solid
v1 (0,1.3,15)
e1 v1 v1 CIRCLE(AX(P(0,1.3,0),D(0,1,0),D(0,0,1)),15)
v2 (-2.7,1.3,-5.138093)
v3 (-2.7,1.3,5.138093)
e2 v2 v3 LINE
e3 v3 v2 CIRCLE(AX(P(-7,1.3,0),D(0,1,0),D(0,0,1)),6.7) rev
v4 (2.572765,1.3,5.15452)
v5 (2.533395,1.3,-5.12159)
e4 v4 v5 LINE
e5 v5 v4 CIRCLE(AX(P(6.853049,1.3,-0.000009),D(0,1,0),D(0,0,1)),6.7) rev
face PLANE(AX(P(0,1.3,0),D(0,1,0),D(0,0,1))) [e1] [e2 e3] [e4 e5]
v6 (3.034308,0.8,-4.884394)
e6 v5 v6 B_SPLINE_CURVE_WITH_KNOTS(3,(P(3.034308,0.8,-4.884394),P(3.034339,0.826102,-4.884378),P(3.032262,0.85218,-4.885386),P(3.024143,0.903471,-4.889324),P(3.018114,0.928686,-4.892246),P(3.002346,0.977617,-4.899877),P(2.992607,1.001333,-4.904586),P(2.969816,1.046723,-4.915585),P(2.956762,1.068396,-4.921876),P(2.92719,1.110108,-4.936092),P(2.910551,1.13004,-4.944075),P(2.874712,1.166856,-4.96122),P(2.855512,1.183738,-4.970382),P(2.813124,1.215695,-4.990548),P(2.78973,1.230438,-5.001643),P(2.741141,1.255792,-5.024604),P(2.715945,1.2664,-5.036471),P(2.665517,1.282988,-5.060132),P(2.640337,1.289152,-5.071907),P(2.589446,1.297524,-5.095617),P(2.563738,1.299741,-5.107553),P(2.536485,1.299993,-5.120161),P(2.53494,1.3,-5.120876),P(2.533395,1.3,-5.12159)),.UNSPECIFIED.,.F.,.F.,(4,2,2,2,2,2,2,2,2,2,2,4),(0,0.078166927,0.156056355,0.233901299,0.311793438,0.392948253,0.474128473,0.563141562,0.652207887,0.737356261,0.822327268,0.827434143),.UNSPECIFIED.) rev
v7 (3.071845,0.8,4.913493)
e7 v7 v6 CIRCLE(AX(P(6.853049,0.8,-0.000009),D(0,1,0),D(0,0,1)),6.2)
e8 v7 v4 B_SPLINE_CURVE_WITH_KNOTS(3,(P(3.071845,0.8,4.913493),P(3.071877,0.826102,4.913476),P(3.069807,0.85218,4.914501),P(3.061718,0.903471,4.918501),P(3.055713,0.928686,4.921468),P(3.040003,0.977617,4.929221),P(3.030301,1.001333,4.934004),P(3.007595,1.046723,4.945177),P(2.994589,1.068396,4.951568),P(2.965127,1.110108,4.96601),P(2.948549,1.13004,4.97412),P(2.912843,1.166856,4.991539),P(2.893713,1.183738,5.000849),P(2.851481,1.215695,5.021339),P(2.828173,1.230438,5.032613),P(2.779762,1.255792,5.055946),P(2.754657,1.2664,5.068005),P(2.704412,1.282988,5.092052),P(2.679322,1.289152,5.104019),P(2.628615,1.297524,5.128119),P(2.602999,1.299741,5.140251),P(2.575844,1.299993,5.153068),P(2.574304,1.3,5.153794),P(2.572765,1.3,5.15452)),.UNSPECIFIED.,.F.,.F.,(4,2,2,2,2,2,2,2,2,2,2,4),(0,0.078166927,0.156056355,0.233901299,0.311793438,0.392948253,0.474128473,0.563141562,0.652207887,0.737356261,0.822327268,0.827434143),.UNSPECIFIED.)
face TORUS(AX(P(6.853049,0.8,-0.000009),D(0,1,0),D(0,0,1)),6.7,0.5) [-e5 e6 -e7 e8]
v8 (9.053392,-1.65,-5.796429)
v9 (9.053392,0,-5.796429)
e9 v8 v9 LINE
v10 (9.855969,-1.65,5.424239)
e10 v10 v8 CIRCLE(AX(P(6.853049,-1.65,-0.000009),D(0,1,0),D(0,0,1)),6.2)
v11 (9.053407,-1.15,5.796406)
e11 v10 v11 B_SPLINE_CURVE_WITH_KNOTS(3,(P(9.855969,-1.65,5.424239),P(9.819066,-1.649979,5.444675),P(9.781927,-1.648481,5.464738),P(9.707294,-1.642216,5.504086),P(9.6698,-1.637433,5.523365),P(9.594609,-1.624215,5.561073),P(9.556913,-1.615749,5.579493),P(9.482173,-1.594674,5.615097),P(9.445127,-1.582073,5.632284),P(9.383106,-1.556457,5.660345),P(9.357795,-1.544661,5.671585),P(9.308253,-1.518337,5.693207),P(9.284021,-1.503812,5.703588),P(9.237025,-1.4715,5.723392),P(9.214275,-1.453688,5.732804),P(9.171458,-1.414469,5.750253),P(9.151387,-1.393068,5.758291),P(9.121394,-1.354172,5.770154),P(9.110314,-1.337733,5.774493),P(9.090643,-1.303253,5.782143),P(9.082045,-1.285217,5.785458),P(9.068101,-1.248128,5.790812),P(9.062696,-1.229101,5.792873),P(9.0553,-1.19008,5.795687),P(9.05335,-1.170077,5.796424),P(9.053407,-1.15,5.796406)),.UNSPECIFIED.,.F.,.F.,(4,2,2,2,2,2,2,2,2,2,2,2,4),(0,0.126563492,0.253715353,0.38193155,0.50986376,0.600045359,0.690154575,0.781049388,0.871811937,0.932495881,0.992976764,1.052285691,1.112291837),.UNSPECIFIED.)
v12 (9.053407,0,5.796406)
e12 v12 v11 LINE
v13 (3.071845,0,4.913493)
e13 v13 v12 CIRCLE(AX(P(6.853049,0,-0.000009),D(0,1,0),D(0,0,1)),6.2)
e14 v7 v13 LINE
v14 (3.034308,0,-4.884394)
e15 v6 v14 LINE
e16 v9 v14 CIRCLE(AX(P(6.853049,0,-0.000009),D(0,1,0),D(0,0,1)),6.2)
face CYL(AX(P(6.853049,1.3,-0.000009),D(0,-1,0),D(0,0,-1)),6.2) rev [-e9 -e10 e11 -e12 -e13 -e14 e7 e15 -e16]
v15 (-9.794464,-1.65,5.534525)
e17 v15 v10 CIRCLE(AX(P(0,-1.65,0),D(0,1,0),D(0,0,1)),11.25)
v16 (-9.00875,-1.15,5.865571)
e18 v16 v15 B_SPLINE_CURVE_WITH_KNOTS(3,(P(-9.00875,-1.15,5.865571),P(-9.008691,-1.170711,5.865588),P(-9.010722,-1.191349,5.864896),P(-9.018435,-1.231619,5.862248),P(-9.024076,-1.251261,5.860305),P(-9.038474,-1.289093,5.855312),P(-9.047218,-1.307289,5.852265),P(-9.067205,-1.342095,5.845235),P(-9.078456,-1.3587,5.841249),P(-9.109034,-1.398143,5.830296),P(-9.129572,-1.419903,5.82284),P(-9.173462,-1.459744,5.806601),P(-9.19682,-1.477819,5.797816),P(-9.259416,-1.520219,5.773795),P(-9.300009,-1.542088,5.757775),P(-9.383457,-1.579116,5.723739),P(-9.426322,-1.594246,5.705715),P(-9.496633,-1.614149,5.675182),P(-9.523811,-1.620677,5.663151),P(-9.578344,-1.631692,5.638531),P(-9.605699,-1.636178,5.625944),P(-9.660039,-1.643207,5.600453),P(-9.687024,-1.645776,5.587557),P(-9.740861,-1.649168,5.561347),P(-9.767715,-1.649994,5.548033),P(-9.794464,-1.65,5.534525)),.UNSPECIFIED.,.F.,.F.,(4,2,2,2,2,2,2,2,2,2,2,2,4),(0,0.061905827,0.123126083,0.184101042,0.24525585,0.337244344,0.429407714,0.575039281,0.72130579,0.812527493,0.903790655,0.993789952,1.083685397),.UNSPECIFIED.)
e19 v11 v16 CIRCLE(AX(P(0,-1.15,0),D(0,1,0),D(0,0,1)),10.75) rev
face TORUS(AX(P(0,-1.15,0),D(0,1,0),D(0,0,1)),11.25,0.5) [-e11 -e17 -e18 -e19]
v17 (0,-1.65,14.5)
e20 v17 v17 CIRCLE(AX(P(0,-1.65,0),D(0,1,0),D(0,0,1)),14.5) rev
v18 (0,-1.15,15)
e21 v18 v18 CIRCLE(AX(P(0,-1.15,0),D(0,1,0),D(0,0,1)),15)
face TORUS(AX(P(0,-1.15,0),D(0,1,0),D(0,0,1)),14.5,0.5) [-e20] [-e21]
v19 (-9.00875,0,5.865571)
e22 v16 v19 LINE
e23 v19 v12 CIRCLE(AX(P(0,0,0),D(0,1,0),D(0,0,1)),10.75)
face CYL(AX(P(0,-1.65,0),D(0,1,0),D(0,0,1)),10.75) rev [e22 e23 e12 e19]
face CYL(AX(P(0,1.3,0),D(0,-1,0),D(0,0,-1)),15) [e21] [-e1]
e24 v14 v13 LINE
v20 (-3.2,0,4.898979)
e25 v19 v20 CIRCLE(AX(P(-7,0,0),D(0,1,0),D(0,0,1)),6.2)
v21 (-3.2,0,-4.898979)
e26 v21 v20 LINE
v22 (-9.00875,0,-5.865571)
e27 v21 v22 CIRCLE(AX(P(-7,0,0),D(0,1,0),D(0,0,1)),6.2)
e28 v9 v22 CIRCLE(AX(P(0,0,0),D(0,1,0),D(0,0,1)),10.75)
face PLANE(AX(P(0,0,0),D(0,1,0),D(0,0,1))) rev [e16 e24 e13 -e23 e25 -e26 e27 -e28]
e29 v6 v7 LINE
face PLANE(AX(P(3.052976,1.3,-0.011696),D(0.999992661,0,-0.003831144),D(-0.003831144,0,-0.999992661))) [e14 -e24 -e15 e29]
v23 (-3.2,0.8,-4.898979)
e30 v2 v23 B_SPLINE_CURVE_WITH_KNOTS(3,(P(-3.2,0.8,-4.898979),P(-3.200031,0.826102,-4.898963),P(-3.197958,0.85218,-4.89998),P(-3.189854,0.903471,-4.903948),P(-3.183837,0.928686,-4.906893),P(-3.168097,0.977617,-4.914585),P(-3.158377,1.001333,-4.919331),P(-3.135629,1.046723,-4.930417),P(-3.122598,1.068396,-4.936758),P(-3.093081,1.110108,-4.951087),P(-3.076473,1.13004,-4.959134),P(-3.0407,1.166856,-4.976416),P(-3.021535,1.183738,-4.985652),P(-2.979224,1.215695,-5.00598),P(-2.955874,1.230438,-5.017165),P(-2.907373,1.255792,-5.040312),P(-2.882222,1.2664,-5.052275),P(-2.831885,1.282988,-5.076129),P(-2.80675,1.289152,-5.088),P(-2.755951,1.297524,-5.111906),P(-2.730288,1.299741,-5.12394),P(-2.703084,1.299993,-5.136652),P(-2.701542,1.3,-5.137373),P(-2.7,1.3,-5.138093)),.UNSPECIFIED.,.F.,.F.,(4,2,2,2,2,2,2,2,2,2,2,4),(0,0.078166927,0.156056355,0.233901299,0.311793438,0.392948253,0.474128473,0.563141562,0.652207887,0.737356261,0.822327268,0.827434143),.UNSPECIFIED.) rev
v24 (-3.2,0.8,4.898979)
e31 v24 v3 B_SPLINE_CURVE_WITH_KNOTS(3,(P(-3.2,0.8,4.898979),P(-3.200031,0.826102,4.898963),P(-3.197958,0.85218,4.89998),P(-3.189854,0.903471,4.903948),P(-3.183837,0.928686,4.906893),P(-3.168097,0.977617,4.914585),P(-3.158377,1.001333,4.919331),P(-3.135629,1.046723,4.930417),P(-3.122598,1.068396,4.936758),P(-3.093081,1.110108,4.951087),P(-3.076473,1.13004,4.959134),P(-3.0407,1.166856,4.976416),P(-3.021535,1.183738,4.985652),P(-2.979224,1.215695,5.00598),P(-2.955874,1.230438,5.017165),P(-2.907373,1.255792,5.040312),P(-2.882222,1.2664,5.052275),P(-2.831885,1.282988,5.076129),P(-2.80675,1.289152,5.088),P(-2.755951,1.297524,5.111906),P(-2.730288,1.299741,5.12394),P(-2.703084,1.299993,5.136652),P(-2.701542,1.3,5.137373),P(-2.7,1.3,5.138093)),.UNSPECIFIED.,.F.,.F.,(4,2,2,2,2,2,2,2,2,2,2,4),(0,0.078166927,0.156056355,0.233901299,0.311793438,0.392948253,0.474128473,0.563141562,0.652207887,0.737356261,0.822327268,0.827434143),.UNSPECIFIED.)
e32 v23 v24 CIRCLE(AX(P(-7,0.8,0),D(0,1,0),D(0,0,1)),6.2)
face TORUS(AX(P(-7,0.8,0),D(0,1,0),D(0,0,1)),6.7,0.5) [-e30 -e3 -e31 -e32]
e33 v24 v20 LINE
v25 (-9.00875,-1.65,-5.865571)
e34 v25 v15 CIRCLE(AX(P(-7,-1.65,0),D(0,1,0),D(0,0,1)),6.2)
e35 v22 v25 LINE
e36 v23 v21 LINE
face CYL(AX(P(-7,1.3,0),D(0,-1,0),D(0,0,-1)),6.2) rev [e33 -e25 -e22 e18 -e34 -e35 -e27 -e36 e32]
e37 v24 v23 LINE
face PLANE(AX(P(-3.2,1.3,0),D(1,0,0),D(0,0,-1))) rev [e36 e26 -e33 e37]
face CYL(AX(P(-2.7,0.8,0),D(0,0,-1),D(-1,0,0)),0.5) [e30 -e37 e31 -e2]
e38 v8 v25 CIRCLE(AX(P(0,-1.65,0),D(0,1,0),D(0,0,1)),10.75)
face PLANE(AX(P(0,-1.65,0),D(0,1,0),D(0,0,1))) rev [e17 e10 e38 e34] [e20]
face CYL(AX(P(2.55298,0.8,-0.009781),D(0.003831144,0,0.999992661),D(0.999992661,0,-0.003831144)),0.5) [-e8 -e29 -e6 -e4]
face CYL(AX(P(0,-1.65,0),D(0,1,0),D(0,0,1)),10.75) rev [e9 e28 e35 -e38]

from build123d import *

# Parameters (mm, degrees)
SKETCH1_R           = 15
BOSS_EXTRUDE1_DEPTH = 1.3
BOSS_EXTRUDE2_START = -1.65
SKETCH1_3_R         = 15
SKETCH1_3_R_2       = 10.75
BOSS_EXTRUDE2_DEPTH = 1.65
CUT_EXTRUDE1_START  = -10
SKETCH1_5_R         = 10.75
SKETCH1_5_R_2       = 6.2
CUT_EXTRUDE1_DEPTH  = 10
FILLET5_R           = 0.5
FILLET6_R           = 0.5


with BuildPart() as part:
    # Sketch1 → Boss-Extrude1 (new body)
    with BuildSketch(Plane(origin=(0, 0, 0), x_dir=(1, 0, 0), z_dir=(0, 1, 0))):
        with Locations(Location((0, 0, 0), (0, 0, 270))):
            Circle(SKETCH1_R)
        with BuildLine():
            ThreePointArc((-13.2, 0), (-9.727636339, 5.567764363), (-3.2, 4.898979486))
            Line((-3.2, 4.898979486), (-3.2, -4.898979486))
            ThreePointArc((-3.2, -4.898979486), (-9.727636339, -5.567764363), (-13.2, 0))
        make_face(mode=Mode.SUBTRACT)
        with BuildLine():
            Line((3.071845277, -4.91349301), (3.034307887, 4.884394056))
            ThreePointArc((3.034307887, 4.884394056), (13.053003194, 0.023761962), (3.071845277, -4.91349301))
        make_face(mode=Mode.SUBTRACT)
    extrude(amount=BOSS_EXTRUDE1_DEPTH)

    # Sketch1<3> → Boss-Extrude2 (add)
    with BuildSketch(Plane(origin=(0, 0, 0), x_dir=(1, 0, 0), z_dir=(0, 1, 0)).offset(BOSS_EXTRUDE2_START)):
        with Locations(Location((0, 0, 0), (0, 0, 270))):
            Circle(SKETCH1_3_R)
        with Locations(Location((0, 0, 0), (0, 0, 270))):
            Circle(SKETCH1_3_R_2, mode=Mode.SUBTRACT)
    extrude(amount=BOSS_EXTRUDE2_DEPTH)

    # Sketch1<5> → Cut-Extrude1 (cut)
    with BuildSketch(Plane(origin=(0, 0, 0), x_dir=(1, 0, 0), z_dir=(0, 1, 0)).offset(CUT_EXTRUDE1_START)):
        with BuildLine():
            ThreePointArc((-9.00875, -5.865571024), (-10.305497623, -3.059284026), (-10.75, 0))
            Line((-10.75, 0), (-13.2, 0))
            ThreePointArc((-13.2, 0), (-12.044514347, -3.60456308), (-9.00875, -5.865571024))
        make_face()
        with BuildLine():
            Line((-13.2, 0), (-10.75, 0))
            ThreePointArc((-10.75, 0), (-10.305497623, 3.059284026), (-9.00875, 5.865571024))
            ThreePointArc((-9.00875, 5.865571024), (-12.044514347, 3.60456308), (-13.2, 0))
        make_face()
        Circle(SKETCH1_5_R)
        with Locations((6.853048695, 8.87e-06)):
            Circle(SKETCH1_5_R_2)
    extrude(amount=CUT_EXTRUDE1_DEPTH, mode=Mode.SUBTRACT)

    # Fillet5
    fillet5_edges = [part.edges().sort_by_distance(p)[0] for p in [
        (-3.2, 1.3, 0),
        (13.053003194, 1.3, -0.023761962),
        (3.053076582, 1.3, 0.014549477),
        (-13.2, 1.3, 0),
    ]]
    fillet(fillet5_edges, radius=FILLET5_R)

    # Fillet6
    fillet6_edges = [part.edges().sort_by_distance(p)[0] for p in [
        (0, -1.65, -15),
        (0.041164562, -1.65, 10.749921185),
    ]]
    fillet(fillet6_edges, radius=FILLET6_R)


solid = part.part
